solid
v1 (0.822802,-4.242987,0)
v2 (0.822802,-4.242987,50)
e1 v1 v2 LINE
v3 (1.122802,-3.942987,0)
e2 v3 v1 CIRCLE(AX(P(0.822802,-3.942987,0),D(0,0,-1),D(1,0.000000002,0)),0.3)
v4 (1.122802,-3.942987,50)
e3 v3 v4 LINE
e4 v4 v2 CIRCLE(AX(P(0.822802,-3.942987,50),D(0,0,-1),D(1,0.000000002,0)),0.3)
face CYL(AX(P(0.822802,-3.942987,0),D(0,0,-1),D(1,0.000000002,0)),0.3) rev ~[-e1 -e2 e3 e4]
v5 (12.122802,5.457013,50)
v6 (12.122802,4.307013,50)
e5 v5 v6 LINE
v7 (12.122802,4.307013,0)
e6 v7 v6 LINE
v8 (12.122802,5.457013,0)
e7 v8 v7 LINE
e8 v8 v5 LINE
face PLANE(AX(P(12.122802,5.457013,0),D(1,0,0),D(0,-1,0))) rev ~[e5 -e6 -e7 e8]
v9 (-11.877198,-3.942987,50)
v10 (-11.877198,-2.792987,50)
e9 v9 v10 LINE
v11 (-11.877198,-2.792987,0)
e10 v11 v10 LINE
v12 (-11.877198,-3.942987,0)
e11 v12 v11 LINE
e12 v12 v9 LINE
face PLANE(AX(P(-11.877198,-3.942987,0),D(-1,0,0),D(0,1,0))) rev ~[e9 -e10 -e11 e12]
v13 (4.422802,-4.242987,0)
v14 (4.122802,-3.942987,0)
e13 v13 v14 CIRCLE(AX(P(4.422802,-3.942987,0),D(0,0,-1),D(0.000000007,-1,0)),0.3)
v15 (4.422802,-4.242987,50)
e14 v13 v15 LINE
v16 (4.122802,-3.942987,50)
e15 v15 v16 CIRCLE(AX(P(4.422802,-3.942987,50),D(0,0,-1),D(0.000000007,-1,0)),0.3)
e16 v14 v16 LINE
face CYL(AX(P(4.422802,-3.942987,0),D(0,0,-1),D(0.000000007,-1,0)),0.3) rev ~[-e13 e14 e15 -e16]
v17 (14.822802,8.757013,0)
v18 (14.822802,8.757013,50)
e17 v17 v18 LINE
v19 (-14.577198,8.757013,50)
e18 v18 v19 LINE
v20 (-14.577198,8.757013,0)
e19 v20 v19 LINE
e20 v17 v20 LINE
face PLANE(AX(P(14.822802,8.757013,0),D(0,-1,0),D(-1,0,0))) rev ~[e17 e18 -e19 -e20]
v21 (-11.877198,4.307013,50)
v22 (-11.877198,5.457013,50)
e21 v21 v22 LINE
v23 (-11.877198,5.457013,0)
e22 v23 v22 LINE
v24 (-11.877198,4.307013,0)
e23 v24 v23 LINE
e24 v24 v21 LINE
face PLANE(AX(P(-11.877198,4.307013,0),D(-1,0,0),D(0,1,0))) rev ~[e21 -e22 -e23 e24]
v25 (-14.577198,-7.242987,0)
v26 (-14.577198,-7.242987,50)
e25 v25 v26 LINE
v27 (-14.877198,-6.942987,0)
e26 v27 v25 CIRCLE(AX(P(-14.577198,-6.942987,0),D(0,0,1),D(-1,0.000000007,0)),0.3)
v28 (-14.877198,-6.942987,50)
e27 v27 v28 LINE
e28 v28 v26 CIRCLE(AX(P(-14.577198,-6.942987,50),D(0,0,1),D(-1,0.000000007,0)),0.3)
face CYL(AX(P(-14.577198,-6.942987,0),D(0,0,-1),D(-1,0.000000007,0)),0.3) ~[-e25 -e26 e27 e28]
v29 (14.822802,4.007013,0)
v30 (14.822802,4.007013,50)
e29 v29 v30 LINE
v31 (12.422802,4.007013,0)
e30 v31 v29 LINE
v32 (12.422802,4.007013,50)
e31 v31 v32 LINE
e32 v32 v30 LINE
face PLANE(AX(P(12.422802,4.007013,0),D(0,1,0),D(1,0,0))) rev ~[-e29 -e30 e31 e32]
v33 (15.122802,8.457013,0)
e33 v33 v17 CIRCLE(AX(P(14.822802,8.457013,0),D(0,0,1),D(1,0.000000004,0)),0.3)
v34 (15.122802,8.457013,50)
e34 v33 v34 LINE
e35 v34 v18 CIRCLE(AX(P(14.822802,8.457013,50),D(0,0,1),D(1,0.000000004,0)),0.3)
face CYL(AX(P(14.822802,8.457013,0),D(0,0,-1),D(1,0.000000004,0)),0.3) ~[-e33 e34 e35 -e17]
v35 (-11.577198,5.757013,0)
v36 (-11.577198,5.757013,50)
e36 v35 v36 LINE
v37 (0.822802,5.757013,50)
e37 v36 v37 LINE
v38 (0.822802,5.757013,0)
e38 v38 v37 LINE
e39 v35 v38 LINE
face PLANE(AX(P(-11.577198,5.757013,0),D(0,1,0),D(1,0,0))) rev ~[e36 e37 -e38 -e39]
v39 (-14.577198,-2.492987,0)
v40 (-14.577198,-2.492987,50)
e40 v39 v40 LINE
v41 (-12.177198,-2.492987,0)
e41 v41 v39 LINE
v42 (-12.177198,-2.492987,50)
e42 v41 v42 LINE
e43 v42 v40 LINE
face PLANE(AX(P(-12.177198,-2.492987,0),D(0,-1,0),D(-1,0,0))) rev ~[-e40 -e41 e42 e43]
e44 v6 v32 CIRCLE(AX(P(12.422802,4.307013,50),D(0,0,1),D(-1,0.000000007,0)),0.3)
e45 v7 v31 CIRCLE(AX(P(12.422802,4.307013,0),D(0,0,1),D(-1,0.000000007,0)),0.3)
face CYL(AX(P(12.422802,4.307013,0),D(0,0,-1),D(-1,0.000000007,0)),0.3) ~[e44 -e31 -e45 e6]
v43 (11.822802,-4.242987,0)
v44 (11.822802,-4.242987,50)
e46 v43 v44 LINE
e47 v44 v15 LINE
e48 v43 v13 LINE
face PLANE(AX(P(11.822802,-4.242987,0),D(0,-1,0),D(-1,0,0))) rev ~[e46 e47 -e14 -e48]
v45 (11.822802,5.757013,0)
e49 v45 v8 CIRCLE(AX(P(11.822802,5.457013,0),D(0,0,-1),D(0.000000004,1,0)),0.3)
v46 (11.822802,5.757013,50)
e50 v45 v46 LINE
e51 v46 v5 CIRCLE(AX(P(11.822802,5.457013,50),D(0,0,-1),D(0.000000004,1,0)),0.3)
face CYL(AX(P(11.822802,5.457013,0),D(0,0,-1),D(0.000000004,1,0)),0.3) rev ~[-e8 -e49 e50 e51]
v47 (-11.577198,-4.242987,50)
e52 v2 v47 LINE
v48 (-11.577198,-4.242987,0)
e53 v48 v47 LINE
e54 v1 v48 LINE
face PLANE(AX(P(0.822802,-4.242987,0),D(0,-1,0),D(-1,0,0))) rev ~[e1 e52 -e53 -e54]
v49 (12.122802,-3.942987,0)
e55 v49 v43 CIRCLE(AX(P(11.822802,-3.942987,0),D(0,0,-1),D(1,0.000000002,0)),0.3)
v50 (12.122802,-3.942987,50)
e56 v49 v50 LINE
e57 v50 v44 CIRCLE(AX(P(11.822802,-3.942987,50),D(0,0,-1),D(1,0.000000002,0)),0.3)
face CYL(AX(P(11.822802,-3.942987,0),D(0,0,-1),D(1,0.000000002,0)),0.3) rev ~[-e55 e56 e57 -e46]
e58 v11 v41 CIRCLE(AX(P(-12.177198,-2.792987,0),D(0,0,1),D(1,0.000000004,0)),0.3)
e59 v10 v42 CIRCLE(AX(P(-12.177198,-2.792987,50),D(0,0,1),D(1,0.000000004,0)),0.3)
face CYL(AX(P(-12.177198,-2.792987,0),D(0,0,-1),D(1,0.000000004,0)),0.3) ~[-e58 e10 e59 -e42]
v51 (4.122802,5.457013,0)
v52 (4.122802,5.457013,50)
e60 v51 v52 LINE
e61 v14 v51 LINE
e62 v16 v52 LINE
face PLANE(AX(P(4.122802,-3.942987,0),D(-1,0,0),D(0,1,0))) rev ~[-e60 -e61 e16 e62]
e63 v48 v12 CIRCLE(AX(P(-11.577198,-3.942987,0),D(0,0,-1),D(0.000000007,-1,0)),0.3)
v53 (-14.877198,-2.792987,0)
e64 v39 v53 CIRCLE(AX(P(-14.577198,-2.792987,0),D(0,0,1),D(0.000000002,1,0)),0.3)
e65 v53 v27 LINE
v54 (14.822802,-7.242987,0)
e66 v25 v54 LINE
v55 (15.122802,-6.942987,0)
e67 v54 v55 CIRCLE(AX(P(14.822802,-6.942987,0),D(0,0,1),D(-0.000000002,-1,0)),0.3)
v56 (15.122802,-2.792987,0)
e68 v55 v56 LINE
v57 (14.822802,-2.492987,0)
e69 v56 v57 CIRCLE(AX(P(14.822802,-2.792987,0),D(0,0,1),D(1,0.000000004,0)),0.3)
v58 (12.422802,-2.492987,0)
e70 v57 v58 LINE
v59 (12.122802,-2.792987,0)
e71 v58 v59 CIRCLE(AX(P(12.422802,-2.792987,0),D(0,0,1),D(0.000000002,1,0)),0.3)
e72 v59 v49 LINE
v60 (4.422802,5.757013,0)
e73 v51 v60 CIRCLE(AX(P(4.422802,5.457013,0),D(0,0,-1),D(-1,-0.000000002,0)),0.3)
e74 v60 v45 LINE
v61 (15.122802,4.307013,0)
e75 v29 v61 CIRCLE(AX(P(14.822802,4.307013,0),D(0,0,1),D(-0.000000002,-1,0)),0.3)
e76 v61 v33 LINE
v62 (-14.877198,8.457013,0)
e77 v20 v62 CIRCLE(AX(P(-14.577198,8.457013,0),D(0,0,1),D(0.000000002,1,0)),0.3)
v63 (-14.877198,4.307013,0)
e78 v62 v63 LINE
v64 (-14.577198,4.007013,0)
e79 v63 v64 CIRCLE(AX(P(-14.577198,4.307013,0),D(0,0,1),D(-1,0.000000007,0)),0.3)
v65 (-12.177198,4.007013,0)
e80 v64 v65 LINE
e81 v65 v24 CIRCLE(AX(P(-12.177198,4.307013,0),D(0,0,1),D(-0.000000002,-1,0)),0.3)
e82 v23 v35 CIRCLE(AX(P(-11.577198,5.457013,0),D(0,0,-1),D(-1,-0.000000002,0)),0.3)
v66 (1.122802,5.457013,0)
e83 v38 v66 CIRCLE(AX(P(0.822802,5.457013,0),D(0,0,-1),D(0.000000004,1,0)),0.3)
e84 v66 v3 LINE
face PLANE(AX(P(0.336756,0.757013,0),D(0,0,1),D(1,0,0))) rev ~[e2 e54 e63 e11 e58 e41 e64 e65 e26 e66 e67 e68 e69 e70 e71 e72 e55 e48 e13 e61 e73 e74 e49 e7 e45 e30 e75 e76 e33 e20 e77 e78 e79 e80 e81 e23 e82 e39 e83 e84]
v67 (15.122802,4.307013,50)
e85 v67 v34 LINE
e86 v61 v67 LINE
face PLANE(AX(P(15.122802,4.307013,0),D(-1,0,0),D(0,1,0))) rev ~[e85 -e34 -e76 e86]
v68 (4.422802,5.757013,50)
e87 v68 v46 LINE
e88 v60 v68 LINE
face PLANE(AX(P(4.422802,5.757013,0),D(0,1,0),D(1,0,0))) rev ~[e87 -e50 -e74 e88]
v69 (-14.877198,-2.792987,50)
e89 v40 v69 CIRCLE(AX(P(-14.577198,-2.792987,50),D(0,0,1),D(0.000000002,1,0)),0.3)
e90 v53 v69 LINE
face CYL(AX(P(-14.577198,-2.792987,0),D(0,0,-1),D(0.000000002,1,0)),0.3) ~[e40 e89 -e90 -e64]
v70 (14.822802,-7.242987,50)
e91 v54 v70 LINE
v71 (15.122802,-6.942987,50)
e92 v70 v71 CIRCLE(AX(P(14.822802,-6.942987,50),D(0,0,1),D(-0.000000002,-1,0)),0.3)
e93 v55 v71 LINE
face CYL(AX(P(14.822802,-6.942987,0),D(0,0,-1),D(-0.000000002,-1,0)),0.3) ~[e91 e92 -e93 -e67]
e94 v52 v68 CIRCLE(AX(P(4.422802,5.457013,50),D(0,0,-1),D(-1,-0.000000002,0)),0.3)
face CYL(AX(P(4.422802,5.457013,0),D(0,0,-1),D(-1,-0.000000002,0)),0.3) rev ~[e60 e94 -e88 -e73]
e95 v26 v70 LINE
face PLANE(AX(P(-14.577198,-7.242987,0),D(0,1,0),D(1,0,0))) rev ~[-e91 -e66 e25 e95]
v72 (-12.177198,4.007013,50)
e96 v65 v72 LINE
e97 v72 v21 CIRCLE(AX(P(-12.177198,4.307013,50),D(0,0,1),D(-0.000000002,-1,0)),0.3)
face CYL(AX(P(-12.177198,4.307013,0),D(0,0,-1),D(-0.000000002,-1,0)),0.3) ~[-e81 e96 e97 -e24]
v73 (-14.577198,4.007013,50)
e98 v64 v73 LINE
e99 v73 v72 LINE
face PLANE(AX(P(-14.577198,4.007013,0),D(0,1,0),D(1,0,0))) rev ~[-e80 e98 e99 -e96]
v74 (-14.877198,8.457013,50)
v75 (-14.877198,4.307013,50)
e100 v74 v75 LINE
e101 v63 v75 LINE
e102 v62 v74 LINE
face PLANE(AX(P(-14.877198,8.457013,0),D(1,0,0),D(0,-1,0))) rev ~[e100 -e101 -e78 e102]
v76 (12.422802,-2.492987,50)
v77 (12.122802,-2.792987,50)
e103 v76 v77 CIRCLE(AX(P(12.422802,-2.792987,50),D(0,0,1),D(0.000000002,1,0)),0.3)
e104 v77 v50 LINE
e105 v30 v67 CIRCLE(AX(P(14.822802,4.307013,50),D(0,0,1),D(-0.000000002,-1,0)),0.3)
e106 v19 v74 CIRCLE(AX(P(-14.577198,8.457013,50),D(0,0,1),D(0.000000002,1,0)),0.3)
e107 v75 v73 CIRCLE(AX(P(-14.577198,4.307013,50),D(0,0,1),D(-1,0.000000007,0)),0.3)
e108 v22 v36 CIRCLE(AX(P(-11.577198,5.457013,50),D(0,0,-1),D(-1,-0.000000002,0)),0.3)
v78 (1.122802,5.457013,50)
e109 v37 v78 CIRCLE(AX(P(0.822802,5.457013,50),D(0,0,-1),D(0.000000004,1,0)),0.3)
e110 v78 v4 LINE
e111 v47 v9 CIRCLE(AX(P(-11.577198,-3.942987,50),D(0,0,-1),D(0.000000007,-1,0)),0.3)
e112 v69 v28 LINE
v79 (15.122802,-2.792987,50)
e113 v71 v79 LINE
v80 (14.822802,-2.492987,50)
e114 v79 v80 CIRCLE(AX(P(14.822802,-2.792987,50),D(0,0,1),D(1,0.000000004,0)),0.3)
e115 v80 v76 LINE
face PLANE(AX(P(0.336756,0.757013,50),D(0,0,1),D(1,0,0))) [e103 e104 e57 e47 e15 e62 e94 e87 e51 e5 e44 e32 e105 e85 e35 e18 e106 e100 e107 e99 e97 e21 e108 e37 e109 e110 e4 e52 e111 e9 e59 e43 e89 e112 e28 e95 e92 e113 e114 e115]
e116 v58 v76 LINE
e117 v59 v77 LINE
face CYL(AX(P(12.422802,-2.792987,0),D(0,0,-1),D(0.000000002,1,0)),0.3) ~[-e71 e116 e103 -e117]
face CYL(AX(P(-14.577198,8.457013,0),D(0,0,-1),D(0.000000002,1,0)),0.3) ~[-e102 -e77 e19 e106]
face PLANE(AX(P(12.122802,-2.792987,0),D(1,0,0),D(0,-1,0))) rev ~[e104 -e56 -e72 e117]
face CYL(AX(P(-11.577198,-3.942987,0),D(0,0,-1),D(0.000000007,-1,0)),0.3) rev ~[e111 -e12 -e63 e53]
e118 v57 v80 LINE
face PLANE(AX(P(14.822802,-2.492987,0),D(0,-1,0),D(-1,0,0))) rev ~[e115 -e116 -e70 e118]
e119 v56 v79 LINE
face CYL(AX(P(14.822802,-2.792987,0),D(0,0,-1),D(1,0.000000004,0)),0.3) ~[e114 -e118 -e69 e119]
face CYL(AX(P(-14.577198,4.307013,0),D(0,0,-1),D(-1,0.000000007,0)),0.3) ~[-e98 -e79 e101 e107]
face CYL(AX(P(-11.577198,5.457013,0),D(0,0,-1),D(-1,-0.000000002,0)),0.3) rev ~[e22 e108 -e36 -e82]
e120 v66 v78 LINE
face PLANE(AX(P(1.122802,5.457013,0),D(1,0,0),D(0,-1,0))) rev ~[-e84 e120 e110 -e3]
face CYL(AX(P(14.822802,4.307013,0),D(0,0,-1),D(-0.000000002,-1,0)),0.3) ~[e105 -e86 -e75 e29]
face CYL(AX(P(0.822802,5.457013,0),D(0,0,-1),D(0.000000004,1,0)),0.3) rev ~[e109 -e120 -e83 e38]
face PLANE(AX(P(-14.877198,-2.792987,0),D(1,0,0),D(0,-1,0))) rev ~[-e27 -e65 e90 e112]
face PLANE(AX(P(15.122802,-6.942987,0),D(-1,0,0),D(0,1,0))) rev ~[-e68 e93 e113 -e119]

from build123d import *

# Parameters (mm, degrees)
EXTRUDE_1_DEPTH = 50


with BuildPart() as part:
    # 草图1 → 凸台-拉伸1 (new body)
    with BuildSketch(Plane.XY):
        with BuildLine():
            Line((-11.577197952, 5.757012623), (0.822802048, 5.757012623))
            ThreePointArc((0.822802048, 5.757012623), (1.034934082, 5.669144657), (1.122802048, 5.457012623))
            Line((1.122802048, 5.457012623), (1.122802048, -3.942987377))
            ThreePointArc((1.122802048, -3.942987377), (1.034934082, -4.155119412), (0.822802048, -4.242987377))
            Line((0.822802048, -4.242987377), (-11.577197952, -4.242987377))
            ThreePointArc((-11.577197952, -4.242987377), (-11.789329987, -4.155119412), (-11.877197952, -3.942987377))
            Line((-11.877197952, -3.942987377), (-11.877197952, -2.792987377))
            ThreePointArc((-11.877197952, -2.792987377), (-11.965065918, -2.580855343), (-12.177197952, -2.492987377))
            Line((-12.177197952, -2.492987377), (-14.577197952, -2.492987377))
            ThreePointArc((-14.577197952, -2.492987377), (-14.789329987, -2.580855343), (-14.877197952, -2.792987377))
            Line((-14.877197952, -2.792987377), (-14.877197952, -6.942987377))
            ThreePointArc((-14.877197952, -6.942987377), (-14.789329987, -7.155119412), (-14.577197952, -7.242987377))
            Line((-14.577197952, -7.242987377), (14.822802048, -7.242987377))
            ThreePointArc((14.822802048, -7.242987377), (15.034934082, -7.155119412), (15.122802048, -6.942987377))
            Line((15.122802048, -6.942987377), (15.122802048, -2.792987377))
            ThreePointArc((15.122802048, -2.792987377), (15.034934082, -2.580855343), (14.822802048, -2.492987377))
            Line((14.822802048, -2.492987377), (12.422802048, -2.492987377))
            ThreePointArc((12.422802048, -2.492987377), (12.210670013, -2.580855343), (12.122802048, -2.792987377))
            Line((12.122802048, -2.792987377), (12.122802048, -3.942987377))
            ThreePointArc((12.122802048, -3.942987377), (12.034934082, -4.155119412), (11.822802048, -4.242987377))
            Line((11.822802048, -4.242987377), (4.422802048, -4.242987377))
            ThreePointArc((4.422802048, -4.242987377), (4.210670013, -4.155119412), (4.122802048, -3.942987377))
            Line((4.122802048, -3.942987377), (4.122802048, 5.457012623))
            ThreePointArc((4.122802048, 5.457012623), (4.210670013, 5.669144657), (4.422802048, 5.757012623))
            Line((4.422802048, 5.757012623), (11.822802048, 5.757012623))
            ThreePointArc((11.822802048, 5.757012623), (12.034934082, 5.669144657), (12.122802048, 5.457012623))
            Line((12.122802048, 5.457012623), (12.122802048, 4.307012623))
            ThreePointArc((12.122802048, 4.307012623), (12.210670013, 4.094880588), (12.422802048, 4.007012623))
            Line((12.422802048, 4.007012623), (14.822802048, 4.007012623))
            ThreePointArc((14.822802048, 4.007012623), (15.034934082, 4.094880588), (15.122802048, 4.307012623))
            Line((15.122802048, 4.307012623), (15.122802048, 8.457012623))
            ThreePointArc((15.122802048, 8.457012623), (15.034934082, 8.669144657), (14.822802048, 8.757012623))
            Line((14.822802048, 8.757012623), (-14.577197952, 8.757012623))
            ThreePointArc((-14.577197952, 8.757012623), (-14.789329987, 8.669144657), (-14.877197952, 8.457012623))
            Line((-14.877197952, 8.457012623), (-14.877197952, 4.307012623))
            ThreePointArc((-14.877197952, 4.307012623), (-14.789329987, 4.094880588), (-14.577197952, 4.007012623))
            Line((-14.577197952, 4.007012623), (-12.177197952, 4.007012623))
            ThreePointArc((-12.177197952, 4.007012623), (-11.965065918, 4.094880588), (-11.877197952, 4.307012623))
            Line((-11.877197952, 4.307012623), (-11.877197952, 5.457012623))
            ThreePointArc((-11.877197952, 5.457012623), (-11.789329987, 5.669144657), (-11.577197952, 5.757012623))
        make_face()
    extrude(amount=EXTRUDE_1_DEPTH)


solid = part.part
